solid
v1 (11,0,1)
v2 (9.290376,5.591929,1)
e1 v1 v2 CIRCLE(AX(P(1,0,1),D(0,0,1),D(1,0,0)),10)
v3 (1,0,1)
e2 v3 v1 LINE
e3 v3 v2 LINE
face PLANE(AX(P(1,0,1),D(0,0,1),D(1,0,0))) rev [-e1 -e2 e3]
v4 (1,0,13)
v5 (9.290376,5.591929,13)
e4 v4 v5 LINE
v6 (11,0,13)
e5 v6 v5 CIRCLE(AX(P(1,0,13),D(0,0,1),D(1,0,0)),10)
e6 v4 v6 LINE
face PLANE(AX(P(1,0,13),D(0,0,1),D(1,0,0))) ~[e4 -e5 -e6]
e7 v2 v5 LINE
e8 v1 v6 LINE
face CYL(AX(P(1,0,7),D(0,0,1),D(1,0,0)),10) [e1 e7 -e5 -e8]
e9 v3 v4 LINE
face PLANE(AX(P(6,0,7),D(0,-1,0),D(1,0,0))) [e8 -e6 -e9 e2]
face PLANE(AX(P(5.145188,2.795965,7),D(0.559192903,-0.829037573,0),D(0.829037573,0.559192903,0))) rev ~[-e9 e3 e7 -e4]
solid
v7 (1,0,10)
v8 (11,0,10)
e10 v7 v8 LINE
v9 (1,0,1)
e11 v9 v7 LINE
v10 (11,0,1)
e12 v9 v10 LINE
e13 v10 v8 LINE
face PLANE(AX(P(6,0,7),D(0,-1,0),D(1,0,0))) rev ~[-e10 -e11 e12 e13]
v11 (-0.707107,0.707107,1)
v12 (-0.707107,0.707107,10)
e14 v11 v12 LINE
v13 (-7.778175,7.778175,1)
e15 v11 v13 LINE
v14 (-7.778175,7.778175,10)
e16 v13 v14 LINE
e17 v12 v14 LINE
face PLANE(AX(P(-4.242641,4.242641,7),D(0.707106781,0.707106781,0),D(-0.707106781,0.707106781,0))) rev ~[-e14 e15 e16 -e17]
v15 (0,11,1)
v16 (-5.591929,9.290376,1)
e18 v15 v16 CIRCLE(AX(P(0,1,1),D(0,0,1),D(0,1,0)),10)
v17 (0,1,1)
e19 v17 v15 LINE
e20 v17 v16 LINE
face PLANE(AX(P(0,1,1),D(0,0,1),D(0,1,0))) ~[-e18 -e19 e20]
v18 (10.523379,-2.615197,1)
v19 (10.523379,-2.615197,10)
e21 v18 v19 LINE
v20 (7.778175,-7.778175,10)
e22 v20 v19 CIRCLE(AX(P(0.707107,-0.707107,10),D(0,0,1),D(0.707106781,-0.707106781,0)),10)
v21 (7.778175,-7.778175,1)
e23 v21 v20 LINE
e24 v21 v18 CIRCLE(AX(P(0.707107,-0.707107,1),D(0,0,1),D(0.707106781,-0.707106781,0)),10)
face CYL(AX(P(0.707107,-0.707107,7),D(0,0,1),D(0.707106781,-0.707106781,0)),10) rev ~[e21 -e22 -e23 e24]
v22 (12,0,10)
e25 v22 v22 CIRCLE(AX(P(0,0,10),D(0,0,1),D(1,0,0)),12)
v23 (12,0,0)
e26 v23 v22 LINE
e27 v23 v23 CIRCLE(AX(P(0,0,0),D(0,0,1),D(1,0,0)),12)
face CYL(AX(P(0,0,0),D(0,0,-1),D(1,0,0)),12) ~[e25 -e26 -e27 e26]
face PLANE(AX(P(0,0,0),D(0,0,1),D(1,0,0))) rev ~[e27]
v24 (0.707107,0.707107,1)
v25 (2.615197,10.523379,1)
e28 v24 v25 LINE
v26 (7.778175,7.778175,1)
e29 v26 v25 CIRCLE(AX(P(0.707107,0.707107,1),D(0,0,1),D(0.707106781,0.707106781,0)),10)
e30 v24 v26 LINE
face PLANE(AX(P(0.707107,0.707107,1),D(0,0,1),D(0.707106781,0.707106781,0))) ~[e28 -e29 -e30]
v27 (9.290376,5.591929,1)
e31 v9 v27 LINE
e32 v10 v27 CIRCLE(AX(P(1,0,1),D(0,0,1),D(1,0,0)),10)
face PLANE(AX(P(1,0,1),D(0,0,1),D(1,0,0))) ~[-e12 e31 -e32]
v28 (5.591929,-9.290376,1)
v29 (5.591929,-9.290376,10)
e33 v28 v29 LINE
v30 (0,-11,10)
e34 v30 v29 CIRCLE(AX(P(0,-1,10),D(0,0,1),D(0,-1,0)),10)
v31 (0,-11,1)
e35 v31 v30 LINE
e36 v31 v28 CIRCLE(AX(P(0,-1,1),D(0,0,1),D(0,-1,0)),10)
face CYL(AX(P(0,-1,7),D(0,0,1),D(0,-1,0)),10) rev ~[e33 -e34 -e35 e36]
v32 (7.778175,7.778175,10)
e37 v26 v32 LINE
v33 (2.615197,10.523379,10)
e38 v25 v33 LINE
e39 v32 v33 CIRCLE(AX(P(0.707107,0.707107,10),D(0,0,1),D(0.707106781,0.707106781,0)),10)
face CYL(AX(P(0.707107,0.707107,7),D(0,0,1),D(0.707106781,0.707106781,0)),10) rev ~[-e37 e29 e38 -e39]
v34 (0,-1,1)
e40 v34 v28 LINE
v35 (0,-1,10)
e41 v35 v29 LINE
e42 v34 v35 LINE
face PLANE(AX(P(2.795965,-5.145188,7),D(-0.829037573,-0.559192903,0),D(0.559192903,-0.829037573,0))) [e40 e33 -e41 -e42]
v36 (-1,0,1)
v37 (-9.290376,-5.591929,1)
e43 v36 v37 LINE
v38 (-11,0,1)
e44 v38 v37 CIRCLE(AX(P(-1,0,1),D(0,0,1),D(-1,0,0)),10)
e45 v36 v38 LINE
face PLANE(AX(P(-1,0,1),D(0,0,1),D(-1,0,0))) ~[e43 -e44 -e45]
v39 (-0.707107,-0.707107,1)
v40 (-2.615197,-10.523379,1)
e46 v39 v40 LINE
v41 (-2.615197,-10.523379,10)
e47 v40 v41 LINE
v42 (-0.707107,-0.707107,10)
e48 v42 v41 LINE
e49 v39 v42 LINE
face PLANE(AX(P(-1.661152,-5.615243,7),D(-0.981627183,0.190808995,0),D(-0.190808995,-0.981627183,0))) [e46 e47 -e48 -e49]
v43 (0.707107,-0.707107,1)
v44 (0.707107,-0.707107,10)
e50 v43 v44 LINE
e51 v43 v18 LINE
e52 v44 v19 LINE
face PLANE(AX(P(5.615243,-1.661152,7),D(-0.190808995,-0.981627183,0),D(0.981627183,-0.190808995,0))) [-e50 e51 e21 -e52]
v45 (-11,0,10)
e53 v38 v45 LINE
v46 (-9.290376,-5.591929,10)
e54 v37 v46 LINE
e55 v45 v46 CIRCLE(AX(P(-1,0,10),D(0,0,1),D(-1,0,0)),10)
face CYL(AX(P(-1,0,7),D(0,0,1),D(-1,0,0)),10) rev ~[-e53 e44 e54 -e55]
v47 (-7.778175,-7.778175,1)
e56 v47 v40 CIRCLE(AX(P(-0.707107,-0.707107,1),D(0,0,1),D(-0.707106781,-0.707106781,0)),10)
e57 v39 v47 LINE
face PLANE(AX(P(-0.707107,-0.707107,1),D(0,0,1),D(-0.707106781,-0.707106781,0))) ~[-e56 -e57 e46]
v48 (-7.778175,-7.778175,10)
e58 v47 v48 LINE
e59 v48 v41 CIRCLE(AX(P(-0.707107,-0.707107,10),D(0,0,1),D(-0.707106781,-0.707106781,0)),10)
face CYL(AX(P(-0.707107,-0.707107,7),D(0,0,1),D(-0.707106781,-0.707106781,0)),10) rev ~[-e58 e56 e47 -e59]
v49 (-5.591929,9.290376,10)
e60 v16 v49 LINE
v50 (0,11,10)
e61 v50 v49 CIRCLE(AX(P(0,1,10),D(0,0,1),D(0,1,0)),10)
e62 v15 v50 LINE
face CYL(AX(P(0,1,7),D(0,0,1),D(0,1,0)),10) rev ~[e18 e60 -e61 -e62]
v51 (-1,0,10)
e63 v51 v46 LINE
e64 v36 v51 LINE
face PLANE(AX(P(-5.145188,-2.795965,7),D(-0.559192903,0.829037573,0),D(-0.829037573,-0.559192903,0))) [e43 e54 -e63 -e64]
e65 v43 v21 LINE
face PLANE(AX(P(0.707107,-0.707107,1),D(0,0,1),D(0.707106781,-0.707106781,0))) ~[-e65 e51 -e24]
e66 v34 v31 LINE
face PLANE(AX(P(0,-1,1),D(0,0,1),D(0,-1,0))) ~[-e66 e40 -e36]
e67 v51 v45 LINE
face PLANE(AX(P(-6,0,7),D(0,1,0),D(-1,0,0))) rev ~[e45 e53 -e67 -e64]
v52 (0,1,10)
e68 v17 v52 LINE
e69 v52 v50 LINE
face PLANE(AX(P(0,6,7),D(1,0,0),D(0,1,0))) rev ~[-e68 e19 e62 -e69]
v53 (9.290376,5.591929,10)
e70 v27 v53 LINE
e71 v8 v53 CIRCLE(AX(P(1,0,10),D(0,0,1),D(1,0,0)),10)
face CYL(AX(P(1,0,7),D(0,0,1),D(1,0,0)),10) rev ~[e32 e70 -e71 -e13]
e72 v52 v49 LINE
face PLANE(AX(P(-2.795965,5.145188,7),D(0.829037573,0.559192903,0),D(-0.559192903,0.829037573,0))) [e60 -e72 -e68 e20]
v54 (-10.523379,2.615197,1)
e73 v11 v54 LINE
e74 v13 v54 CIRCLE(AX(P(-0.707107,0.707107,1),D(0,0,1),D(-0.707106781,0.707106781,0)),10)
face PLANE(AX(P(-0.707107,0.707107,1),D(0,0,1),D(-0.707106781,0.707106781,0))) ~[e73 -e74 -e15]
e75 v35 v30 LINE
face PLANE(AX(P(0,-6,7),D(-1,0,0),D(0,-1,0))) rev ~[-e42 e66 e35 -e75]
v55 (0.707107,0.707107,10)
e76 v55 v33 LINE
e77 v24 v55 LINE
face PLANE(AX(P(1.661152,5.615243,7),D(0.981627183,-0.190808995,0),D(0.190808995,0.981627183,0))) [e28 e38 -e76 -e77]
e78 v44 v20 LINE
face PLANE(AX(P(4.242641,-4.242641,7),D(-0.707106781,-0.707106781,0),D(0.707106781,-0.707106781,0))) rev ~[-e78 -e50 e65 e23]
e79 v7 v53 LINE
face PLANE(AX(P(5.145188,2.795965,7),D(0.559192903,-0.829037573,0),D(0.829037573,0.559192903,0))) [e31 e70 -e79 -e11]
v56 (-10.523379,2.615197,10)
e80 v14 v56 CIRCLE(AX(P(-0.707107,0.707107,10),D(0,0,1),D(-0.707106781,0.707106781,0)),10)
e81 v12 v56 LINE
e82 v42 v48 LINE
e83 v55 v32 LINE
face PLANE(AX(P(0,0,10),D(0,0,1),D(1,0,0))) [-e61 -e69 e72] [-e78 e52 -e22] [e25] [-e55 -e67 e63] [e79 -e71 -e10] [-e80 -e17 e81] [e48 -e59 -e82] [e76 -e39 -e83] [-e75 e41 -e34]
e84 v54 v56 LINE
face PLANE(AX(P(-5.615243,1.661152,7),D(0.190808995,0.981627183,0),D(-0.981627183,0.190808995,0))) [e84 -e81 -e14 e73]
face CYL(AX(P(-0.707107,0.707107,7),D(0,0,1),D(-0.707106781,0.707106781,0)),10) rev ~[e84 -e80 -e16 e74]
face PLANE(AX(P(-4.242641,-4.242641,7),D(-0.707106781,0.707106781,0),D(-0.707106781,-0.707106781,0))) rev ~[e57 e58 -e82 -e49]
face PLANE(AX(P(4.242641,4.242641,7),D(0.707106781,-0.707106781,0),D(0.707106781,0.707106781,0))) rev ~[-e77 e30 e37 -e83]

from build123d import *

# Parameters (mm, degrees)
CYLINDER001_W     = 10
CYLINDER001_H     = 12
CYLINDER001_ANGLE = 34
ARRAY_COUNT       = 8
CYLINDER_R        = 12
CYLINDER_DEPTH    = 10
CYLINDER002_W     = 10
CYLINDER002_H     = 12
CYLINDER002_ANGLE = 34


with BuildPart() as array:
    # Cylinder001 → Cylinder001 (revolve)
    with BuildSketch(Plane(origin=(1, 0, 1), x_dir=(1, 0, 0), z_dir=(0, -1, 0))):
        with Locations((5, 6)):
            Rectangle(CYLINDER001_W, CYLINDER001_H)
    revolve(axis=Axis((1, 0, 1), (0, 0, 1)), revolution_arc=CYLINDER001_ANGLE)

    # Array: Array ×8 about axis
    array_axis = Axis((0, 0, 0), (0, 0, 1))


with BuildPart() as array_1:
    add(array.part)
    for i in range(1, ARRAY_COUNT):
        add(array.part.rotate(array_axis, i * 360 / ARRAY_COUNT))


with BuildPart() as cut:
    # Cylinder → Cylinder (new body)
    with BuildSketch(Plane.XY):
        Circle(CYLINDER_R)
    extrude(amount=CYLINDER_DEPTH)

    # Cut: cut Array
    add(array_1.part, mode=Mode.SUBTRACT)


with BuildPart() as cylinder002:
    # Cylinder002 → Cylinder002 (revolve)
    with BuildSketch(Plane(origin=(1, 0, 1), x_dir=(1, 0, 0), z_dir=(0, -1, 0))):
        with Locations((5, 6)):
            Rectangle(CYLINDER002_W, CYLINDER002_H)
    revolve(axis=Axis((1, 0, 1), (0, 0, 1)), revolution_arc=CYLINDER002_ANGLE)


solid = Compound([cut.part, cylinder002.part])
